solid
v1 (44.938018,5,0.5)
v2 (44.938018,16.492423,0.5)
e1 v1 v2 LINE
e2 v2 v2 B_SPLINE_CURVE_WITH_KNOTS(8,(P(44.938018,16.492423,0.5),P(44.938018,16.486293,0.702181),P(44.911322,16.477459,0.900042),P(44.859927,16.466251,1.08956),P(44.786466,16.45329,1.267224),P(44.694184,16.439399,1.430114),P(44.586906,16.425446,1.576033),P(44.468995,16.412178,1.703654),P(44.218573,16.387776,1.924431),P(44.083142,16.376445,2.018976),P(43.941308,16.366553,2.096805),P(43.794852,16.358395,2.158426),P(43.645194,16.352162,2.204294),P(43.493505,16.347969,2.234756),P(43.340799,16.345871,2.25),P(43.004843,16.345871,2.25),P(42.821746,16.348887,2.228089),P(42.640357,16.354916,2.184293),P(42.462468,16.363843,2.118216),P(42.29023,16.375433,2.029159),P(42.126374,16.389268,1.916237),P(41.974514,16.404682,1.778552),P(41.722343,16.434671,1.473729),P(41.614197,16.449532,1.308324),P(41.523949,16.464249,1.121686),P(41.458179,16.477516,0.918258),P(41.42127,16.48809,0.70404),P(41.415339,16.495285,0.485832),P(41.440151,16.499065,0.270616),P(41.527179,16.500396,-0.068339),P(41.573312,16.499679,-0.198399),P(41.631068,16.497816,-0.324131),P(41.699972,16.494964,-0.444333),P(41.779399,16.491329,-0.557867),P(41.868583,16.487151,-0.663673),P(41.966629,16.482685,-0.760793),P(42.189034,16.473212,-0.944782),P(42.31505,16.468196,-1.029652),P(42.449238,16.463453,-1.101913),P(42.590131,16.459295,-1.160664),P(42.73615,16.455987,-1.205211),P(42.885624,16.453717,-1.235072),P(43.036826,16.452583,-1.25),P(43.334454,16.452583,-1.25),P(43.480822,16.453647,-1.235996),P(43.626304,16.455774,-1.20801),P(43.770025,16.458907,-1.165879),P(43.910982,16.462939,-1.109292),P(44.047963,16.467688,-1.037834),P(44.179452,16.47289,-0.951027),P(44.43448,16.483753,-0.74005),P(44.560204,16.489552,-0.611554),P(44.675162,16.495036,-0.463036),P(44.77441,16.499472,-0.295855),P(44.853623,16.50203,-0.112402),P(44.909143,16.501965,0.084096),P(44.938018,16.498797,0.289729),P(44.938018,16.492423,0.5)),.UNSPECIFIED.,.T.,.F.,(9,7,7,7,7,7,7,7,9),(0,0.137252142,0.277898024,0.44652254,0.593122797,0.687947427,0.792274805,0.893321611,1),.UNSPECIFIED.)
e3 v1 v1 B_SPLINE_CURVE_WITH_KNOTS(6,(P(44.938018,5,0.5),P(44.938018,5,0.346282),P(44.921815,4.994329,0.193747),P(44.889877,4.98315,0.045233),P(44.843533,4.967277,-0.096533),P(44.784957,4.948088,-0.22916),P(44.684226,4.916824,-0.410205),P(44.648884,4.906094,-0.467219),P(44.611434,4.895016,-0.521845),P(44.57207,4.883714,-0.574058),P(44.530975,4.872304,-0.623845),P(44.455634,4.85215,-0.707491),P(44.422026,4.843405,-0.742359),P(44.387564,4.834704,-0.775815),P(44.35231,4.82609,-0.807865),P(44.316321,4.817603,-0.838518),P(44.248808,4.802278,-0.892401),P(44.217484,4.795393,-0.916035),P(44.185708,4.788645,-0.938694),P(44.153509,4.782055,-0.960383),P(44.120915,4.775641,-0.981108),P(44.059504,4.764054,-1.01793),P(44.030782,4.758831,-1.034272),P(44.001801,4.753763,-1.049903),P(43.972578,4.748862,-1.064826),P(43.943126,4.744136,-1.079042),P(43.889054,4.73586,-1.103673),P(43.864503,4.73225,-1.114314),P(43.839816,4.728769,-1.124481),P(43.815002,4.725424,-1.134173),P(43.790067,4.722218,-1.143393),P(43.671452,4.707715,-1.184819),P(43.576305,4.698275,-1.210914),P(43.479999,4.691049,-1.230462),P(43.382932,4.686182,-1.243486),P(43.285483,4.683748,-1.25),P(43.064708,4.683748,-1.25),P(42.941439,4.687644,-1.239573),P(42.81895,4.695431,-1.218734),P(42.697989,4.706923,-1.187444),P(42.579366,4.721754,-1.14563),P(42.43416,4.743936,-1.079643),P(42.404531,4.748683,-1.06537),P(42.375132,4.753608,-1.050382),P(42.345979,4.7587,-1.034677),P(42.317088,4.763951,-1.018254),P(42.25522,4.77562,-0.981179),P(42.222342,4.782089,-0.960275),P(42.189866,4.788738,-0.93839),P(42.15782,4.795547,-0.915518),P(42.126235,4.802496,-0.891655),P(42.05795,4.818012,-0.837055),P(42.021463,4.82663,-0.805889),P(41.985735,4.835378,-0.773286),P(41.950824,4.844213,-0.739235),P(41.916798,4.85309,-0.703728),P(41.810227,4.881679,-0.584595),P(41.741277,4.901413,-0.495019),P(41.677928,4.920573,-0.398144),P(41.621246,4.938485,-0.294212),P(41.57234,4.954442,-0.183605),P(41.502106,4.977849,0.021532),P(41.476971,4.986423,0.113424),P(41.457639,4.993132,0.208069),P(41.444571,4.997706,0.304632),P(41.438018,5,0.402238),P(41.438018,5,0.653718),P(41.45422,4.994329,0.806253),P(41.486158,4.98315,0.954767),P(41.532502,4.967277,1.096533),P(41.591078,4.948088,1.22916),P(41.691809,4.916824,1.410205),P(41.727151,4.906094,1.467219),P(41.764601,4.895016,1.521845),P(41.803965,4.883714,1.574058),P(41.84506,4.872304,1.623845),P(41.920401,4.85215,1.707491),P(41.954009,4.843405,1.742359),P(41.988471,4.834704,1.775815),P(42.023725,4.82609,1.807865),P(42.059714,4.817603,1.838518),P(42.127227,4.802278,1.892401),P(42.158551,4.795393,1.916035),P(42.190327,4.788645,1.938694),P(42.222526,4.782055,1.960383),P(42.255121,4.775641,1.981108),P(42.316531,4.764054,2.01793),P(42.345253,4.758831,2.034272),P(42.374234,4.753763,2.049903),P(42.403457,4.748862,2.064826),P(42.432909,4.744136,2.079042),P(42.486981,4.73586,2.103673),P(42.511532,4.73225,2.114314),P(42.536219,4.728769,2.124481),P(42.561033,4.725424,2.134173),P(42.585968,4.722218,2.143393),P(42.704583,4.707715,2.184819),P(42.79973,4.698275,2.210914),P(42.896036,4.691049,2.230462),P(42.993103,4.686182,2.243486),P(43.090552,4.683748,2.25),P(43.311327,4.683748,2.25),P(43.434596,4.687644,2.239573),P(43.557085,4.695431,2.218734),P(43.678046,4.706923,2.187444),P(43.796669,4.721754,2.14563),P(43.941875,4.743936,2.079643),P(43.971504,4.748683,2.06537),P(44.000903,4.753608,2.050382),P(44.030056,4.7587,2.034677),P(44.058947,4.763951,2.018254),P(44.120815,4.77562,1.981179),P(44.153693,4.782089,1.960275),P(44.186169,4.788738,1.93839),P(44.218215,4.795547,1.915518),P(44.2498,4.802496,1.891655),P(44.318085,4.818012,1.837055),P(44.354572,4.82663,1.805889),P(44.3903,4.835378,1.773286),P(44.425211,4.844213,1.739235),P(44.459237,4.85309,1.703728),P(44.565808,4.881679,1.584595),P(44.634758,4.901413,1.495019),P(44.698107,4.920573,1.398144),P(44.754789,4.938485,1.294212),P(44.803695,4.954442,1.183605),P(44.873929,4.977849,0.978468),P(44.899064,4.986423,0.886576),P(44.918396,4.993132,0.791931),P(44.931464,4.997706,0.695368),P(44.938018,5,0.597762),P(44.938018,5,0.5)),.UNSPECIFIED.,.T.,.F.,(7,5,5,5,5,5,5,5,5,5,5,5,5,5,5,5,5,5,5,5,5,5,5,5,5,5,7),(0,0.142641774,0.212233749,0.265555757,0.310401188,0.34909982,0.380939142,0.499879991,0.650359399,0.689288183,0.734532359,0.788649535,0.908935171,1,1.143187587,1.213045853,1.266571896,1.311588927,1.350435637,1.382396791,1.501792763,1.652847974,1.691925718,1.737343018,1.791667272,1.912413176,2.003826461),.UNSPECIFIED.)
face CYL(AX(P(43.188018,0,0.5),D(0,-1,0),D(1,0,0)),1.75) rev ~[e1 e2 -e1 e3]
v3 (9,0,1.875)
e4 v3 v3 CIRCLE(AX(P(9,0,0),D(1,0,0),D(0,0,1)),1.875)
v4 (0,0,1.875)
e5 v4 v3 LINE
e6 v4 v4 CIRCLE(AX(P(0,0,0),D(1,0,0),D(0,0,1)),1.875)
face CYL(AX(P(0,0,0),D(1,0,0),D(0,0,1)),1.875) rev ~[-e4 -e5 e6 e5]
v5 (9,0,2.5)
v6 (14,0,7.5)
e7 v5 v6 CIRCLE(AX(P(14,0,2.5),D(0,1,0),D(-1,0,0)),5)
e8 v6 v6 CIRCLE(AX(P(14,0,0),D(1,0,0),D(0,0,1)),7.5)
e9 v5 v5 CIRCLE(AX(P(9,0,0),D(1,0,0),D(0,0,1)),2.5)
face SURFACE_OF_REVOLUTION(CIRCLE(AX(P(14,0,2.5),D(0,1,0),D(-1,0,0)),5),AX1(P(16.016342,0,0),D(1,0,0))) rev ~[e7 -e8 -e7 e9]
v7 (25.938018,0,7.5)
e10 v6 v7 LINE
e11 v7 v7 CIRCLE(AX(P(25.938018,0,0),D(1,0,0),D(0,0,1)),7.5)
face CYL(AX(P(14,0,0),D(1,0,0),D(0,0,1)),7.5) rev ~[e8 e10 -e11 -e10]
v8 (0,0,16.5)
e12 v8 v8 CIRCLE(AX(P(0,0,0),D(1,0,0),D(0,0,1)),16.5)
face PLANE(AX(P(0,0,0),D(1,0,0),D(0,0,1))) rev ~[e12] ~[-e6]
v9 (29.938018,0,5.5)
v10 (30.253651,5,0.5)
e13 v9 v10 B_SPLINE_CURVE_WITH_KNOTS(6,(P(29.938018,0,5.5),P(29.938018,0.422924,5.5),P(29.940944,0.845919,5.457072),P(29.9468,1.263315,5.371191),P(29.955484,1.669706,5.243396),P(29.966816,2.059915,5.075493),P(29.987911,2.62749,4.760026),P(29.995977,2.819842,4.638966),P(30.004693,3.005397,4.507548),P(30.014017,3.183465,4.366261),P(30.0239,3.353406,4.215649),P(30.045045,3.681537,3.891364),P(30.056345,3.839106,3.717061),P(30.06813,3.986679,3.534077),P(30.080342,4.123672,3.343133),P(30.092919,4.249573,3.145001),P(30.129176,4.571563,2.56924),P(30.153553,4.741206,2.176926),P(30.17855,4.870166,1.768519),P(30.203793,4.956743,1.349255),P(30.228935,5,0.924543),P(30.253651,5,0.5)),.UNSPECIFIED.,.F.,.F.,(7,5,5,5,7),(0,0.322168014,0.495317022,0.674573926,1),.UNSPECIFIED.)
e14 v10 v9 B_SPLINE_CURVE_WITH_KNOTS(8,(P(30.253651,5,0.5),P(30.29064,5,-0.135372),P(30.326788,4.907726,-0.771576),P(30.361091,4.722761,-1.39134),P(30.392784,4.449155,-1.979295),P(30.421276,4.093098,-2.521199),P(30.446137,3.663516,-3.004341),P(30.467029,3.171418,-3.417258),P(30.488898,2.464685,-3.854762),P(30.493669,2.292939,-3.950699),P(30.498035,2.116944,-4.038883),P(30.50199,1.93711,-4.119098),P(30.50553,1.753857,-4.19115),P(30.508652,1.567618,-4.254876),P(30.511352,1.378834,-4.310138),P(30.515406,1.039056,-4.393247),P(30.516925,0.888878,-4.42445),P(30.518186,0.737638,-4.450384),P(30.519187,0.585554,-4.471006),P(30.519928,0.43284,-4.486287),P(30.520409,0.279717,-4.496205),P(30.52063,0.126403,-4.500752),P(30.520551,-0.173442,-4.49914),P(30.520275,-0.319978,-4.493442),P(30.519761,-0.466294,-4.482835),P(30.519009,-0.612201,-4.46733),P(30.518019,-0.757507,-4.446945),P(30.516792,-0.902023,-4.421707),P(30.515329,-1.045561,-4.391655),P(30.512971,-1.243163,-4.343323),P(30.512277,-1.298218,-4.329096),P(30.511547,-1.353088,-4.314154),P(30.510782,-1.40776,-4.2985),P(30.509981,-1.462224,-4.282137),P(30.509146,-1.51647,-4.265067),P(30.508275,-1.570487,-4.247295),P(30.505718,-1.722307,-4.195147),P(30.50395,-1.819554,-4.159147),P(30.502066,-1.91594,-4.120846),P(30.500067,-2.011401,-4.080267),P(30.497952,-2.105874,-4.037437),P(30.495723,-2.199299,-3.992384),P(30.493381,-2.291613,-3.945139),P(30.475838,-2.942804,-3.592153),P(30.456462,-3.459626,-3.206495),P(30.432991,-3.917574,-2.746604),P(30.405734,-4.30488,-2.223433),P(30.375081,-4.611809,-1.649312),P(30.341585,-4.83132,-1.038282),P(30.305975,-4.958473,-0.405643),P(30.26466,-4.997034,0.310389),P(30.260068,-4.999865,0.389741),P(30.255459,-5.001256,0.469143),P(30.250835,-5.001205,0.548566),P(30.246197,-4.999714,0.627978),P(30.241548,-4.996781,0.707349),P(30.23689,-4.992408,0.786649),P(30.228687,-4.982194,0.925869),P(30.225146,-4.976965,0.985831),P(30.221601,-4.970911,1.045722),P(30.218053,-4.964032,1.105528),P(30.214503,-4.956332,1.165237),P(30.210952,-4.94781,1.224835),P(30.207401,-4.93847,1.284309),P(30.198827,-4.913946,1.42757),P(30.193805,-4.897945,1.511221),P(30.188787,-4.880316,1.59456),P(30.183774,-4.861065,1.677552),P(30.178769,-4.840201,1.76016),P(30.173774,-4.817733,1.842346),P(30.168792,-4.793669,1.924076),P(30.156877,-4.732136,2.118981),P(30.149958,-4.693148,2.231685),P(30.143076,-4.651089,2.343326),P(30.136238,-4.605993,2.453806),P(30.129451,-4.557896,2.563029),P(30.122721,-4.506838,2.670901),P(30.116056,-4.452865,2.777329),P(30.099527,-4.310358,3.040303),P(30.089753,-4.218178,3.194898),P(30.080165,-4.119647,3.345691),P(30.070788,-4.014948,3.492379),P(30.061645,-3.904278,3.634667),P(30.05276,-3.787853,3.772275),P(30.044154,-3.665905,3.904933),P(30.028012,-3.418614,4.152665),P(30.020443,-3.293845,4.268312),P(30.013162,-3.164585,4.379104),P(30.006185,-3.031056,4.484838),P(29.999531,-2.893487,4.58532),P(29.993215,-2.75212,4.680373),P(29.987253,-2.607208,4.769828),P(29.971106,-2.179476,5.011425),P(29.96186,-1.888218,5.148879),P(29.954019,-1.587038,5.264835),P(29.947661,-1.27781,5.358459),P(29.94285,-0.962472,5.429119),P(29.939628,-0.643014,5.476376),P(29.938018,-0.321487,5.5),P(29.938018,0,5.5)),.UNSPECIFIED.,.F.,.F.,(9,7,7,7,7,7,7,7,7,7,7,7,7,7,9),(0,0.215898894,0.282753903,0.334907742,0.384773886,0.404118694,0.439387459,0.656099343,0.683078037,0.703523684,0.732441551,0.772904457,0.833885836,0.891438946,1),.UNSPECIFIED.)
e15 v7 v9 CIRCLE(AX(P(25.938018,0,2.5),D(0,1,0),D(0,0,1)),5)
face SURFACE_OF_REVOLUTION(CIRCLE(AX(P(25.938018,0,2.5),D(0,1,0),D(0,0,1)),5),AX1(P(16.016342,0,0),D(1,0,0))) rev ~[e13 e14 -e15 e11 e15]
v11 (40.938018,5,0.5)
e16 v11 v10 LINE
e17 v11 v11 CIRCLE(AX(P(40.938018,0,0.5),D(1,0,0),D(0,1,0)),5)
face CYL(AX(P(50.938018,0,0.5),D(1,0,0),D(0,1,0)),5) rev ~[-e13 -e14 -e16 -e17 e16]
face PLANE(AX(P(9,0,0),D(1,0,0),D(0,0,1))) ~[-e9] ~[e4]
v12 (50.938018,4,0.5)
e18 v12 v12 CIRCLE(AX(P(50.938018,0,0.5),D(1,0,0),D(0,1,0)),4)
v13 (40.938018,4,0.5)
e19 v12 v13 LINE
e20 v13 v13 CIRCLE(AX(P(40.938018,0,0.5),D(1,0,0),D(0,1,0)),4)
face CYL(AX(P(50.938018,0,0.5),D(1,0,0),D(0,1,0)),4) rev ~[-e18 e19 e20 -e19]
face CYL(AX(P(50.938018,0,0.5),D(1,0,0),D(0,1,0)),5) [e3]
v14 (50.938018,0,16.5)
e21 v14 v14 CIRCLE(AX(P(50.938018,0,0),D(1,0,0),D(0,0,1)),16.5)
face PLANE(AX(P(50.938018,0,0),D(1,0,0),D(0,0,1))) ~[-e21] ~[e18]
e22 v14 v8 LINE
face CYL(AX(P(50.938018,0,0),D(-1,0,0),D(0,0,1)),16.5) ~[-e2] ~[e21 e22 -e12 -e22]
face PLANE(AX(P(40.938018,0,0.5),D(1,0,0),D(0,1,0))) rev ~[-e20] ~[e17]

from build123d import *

# Parameters (mm, degrees)
F2_R     = 4
F3_DEPTH = 20.418424405
F4_R     = 1.75
F5_DEPTH = 25
F2_R_2   = 5
F6_DEPTH = 25
F7_DEPTH = 10


with BuildPart() as f1:
    # F0 (on Front) → F1 (revolve)
    with BuildSketch(Plane.XZ):
        with BuildLine():
            Line((30.9380175069, 2.5), (30.9380175069, 0))
            Line((30.9380175069, 0), (32.0326841507, 0))
            Line((32.0326841507, 0), (50.9380175069, 0))
            Line((50.9380175069, 0), (50.9380175069, 16.5))
            Line((50.9380175069, 16.5), (30.9380175069, 16.5))
            Line((30.9380175069, 16.5), (9, 16.5))
            Line((9, 16.5), (0, 16.5))
            Line((0, 16.5), (0, 1.875))
            Line((0, 1.875), (9, 1.875))
            Line((9, 1.875), (9, 2.5))
            ThreePointArc((9, 2.5), (10.4644660941, 6.0355339059), (14, 7.5))
            Line((14, 7.5), (25.9380175069, 7.5))
            ThreePointArc((25.9380175069, 7.5), (29.4735514129, 6.0355339059), (30.9380175069, 2.5))
        make_face()
    revolve(axis=Axis((16.0163420754, 0, 0), (1, 0, 0)))

    # F2 (on face) → F3 (cut, through all)
    with BuildSketch(Plane.YZ.offset(50.9380175069)):
        with Locations((0, 0.5)):
            Circle(F2_R)
    extrude(amount=-F3_DEPTH, mode=Mode.SUBTRACT)

    # F4 (on Front) → F5 (cut)
    with BuildSketch(Plane.XZ):
        with Locations((43.1880175069, 0.5)):
            Circle(F4_R)
    extrude(amount=-F5_DEPTH, mode=Mode.SUBTRACT)

    # F2 (on face) → F6 (cut)
    with BuildSketch(Plane.YZ.offset(50.9380175069)):
        with Locations((0, 0.5)):
            Circle(F2_R_2)
        with Locations((0, 0.5)):
            Circle(F2_R, mode=Mode.SUBTRACT)
    extrude(amount=-F6_DEPTH, mode=Mode.SUBTRACT)

    # F2 (on face) → F7 (join)
    with BuildSketch(Plane.YZ.offset(50.9380175069)):
        with Locations((0, 0.5)):
            Circle(F2_R_2)
        with Locations((0, 0.5)):
            Circle(F2_R, mode=Mode.SUBTRACT)
    extrude(amount=-F7_DEPTH)


solid = f1.part
